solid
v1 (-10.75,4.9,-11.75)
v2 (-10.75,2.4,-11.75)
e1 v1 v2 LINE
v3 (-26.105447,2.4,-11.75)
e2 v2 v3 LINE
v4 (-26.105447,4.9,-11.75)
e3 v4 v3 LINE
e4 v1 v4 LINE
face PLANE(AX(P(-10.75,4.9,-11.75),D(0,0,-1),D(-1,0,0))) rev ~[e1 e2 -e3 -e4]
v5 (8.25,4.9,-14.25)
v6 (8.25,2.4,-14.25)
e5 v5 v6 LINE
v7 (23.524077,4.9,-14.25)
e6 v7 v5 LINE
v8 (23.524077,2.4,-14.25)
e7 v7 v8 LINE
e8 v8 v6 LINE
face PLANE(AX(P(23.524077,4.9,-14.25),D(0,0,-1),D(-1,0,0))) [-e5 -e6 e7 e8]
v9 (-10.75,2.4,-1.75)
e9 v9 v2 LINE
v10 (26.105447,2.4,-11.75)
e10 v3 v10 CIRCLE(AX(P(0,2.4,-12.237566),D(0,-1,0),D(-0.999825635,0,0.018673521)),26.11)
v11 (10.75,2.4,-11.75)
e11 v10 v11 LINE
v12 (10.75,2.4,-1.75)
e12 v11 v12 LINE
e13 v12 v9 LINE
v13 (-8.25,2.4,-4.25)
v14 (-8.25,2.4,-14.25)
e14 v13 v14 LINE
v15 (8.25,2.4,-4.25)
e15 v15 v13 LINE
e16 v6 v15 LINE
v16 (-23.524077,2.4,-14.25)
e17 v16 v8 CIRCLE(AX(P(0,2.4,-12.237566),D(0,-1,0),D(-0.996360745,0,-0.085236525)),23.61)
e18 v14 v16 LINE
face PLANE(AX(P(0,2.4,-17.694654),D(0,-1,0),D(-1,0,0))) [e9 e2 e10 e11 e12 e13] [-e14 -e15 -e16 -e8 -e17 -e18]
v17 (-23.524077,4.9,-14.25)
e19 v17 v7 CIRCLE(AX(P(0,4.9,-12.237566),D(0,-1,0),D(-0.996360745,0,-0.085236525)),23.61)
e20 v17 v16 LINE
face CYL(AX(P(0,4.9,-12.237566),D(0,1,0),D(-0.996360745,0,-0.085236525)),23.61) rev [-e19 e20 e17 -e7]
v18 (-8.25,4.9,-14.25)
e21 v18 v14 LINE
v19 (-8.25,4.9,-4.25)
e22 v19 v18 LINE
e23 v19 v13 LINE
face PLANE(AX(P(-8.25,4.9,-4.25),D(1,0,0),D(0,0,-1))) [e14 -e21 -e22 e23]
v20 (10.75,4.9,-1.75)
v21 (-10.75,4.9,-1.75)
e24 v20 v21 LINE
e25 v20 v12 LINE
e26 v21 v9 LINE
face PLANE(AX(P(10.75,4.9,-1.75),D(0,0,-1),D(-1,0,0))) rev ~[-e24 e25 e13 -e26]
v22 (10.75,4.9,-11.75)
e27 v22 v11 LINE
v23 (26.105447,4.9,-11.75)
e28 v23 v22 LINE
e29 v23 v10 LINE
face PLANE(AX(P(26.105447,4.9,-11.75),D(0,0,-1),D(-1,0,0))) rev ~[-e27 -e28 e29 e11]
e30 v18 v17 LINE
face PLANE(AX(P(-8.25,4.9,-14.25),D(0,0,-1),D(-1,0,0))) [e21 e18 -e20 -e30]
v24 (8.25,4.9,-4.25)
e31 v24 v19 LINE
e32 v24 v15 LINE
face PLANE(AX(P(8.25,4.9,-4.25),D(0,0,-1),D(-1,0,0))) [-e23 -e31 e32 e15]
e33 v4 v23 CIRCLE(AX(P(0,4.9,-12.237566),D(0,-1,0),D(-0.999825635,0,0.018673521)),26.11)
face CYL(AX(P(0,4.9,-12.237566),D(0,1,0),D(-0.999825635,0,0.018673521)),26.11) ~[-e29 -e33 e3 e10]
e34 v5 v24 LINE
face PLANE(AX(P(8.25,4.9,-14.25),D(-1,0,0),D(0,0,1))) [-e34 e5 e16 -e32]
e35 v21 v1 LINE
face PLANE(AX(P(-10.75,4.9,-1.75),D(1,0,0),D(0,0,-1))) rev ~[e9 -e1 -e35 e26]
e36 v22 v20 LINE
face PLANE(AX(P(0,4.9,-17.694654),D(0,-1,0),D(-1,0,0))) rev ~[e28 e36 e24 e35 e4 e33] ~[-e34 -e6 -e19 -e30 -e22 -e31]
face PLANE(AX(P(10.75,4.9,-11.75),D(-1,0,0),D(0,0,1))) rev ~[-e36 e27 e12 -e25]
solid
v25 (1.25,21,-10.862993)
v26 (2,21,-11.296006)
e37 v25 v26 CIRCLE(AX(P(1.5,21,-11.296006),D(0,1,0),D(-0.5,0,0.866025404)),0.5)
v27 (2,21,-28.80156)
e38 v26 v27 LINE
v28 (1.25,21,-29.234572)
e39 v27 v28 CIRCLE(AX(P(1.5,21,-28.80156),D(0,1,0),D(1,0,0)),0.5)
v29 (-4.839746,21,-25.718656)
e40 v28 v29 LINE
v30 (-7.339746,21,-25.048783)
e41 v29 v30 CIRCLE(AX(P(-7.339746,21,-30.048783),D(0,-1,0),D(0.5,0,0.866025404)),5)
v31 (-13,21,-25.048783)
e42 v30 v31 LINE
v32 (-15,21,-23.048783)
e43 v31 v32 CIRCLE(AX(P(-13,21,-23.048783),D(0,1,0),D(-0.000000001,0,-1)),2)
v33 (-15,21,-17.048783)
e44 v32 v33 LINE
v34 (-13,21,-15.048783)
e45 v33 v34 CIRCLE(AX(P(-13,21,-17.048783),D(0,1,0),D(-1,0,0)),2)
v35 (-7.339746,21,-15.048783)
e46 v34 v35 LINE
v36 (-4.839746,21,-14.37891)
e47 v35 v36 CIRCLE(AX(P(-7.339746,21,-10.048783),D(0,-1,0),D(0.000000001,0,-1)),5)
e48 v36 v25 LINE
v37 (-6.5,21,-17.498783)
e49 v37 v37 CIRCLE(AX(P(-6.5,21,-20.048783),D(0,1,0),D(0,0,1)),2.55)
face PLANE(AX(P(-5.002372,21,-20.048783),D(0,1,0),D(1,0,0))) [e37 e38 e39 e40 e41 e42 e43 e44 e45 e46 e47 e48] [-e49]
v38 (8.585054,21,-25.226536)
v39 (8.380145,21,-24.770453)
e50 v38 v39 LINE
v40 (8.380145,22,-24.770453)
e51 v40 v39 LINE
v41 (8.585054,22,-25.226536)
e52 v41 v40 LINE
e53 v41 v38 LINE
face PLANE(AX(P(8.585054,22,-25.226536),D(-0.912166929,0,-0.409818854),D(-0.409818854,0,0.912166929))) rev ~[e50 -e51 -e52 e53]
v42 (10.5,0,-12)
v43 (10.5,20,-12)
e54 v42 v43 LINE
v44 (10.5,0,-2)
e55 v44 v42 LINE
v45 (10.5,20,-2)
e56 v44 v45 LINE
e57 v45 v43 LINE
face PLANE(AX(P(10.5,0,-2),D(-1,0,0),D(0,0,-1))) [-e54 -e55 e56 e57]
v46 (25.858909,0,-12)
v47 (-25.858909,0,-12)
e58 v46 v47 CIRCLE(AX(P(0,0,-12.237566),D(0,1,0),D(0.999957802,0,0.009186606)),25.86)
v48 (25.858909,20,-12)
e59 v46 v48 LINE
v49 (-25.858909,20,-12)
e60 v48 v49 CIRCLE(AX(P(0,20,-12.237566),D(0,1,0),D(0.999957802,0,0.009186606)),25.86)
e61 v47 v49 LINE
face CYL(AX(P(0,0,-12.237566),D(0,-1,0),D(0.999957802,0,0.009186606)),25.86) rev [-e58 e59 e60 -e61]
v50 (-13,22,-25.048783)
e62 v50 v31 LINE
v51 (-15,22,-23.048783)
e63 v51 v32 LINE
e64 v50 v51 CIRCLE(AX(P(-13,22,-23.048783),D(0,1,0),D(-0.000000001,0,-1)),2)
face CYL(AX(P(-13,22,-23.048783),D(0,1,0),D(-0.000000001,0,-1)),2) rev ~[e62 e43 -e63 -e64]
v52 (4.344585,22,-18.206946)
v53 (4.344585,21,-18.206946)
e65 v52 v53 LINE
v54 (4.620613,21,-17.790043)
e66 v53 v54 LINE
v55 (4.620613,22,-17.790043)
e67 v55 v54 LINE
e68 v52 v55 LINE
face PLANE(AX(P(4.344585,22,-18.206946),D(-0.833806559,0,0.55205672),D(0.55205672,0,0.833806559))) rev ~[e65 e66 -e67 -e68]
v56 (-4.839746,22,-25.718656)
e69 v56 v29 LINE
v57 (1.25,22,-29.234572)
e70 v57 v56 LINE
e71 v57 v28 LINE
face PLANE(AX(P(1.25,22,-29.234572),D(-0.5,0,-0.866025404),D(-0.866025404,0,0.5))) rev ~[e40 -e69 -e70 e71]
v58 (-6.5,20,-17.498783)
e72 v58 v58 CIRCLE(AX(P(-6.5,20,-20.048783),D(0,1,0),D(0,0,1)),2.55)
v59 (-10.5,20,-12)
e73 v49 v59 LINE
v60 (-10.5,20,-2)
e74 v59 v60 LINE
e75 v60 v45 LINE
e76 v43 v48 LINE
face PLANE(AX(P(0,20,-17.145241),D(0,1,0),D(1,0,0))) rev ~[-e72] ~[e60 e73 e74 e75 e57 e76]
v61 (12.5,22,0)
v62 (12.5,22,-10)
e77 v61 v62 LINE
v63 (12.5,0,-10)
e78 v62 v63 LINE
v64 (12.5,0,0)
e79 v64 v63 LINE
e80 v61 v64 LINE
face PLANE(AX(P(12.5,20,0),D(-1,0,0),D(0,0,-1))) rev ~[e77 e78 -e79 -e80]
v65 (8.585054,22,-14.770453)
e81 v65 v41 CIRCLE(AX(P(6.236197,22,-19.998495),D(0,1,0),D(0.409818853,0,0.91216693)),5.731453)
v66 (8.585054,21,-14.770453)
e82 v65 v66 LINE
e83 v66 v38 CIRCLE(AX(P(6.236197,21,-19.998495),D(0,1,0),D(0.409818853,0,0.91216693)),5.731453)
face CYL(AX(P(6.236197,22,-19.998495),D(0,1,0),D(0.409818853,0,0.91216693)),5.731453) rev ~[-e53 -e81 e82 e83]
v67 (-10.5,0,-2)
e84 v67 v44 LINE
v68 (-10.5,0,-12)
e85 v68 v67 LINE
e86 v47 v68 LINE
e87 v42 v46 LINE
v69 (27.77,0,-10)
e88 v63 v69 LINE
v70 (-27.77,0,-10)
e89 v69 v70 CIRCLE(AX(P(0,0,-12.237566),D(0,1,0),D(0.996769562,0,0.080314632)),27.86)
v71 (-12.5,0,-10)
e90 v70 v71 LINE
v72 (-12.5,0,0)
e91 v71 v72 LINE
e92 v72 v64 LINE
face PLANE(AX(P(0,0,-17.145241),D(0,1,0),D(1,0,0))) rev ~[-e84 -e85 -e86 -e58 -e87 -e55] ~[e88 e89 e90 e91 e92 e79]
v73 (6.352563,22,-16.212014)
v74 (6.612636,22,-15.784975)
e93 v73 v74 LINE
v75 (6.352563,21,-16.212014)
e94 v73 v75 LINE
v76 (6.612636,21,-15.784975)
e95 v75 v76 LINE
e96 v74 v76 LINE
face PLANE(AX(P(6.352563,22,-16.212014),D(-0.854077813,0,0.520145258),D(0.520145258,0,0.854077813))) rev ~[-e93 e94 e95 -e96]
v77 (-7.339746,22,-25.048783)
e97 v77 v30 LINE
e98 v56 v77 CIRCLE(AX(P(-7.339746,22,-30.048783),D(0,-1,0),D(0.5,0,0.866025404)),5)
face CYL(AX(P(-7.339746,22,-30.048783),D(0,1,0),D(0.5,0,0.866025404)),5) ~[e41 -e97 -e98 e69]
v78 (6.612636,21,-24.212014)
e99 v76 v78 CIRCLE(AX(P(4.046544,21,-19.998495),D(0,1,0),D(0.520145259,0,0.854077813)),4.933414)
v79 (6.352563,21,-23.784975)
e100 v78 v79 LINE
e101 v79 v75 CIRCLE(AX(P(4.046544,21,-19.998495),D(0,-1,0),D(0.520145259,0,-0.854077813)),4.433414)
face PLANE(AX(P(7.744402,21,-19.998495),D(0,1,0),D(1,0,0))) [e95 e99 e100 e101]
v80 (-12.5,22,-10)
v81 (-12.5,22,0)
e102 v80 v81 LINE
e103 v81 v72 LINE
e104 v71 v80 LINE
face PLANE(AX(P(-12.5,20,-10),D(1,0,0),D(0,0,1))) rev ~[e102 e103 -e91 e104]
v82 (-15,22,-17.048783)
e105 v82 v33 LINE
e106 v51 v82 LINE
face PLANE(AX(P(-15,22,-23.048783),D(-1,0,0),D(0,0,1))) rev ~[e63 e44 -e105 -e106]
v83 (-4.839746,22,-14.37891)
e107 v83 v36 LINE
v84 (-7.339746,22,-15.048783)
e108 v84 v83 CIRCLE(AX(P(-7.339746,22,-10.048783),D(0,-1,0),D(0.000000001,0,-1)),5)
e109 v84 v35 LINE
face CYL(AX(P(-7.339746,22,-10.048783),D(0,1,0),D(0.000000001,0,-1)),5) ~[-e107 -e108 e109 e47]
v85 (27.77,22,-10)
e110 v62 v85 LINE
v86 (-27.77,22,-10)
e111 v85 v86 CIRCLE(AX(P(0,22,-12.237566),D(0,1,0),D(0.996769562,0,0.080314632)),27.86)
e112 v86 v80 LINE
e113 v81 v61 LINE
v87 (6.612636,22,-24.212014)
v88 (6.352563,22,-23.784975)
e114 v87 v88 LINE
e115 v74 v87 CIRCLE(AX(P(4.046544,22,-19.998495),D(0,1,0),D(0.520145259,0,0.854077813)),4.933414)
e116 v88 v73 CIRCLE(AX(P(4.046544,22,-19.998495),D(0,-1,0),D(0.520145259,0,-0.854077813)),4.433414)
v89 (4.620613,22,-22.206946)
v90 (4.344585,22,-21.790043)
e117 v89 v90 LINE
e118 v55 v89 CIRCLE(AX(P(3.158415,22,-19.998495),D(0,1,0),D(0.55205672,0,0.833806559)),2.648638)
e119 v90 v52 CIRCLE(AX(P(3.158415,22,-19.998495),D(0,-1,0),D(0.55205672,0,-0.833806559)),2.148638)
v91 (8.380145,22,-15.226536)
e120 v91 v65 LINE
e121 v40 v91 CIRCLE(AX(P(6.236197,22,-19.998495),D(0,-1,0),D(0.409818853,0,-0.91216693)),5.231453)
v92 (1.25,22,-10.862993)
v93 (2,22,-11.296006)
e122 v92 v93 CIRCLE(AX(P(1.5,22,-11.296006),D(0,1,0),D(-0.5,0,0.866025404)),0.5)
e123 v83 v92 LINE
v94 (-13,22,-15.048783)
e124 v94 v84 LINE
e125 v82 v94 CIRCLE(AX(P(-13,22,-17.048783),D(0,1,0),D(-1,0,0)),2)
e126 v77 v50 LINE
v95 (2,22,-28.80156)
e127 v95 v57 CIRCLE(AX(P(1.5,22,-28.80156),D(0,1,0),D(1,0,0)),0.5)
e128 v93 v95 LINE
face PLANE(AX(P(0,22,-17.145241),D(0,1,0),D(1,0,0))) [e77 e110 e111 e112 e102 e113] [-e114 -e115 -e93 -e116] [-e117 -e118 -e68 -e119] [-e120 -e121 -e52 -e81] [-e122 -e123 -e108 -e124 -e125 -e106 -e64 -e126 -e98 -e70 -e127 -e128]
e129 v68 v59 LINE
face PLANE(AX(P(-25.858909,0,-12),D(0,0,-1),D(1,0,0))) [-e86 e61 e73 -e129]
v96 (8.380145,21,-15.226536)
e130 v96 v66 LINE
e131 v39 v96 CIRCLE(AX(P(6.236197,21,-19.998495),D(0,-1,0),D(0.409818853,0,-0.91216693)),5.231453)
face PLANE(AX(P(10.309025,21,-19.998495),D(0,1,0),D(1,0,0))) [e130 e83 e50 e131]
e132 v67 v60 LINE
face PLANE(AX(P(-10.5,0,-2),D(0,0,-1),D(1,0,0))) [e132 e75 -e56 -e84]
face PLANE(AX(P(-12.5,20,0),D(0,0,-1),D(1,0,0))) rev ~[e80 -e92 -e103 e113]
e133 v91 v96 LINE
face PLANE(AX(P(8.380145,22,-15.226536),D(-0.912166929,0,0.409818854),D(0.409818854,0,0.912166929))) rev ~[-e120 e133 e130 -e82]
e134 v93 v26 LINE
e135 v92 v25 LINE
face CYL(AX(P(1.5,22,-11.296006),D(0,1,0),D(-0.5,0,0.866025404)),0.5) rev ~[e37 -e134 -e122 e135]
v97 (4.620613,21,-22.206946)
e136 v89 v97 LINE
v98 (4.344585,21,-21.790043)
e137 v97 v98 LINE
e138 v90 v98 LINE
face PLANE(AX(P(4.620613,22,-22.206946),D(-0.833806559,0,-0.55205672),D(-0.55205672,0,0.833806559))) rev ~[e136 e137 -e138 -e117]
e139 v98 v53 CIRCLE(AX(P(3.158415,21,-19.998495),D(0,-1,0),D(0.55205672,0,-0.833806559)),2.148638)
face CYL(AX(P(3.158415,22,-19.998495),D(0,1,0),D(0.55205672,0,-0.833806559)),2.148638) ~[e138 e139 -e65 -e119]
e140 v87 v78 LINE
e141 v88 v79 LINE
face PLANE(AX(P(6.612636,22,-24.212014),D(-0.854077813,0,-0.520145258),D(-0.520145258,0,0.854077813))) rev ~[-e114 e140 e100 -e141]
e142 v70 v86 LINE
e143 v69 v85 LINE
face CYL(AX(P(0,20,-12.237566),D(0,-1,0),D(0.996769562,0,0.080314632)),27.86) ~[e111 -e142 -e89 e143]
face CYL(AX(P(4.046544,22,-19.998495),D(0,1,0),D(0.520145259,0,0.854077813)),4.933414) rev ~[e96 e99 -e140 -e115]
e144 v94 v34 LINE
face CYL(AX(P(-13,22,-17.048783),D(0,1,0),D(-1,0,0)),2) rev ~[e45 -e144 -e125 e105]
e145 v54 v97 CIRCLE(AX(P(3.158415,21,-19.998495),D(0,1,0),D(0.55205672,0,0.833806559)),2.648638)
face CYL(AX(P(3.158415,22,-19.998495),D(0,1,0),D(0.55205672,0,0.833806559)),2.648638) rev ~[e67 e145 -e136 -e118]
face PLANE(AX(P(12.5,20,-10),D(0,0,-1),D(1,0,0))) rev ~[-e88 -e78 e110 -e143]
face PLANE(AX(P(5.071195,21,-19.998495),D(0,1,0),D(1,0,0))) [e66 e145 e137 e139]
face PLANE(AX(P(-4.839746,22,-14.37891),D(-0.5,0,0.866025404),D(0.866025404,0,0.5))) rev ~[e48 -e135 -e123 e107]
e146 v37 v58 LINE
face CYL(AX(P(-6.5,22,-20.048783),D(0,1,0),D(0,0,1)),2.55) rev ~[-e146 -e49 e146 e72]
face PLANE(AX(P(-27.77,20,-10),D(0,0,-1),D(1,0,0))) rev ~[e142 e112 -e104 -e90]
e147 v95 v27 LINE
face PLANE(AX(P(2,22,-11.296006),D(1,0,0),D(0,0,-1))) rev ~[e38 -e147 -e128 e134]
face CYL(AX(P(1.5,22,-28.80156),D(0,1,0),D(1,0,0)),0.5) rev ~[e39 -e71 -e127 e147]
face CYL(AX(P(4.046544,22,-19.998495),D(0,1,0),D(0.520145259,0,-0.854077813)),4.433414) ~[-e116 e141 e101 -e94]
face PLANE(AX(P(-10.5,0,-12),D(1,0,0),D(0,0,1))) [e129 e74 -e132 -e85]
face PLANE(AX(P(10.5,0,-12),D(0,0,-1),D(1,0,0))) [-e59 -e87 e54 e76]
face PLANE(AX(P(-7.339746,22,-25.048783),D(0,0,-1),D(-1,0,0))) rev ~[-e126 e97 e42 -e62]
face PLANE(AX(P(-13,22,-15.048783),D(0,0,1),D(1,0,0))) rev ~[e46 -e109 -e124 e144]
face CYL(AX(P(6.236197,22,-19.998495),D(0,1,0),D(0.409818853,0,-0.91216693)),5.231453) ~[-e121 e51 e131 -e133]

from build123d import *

# Parameters (mm, degrees)
EXTRUIR_L_MINA1_DEPTH        = 20
SALIENTE_EXTRUIR1_DEPTH      = 2
CORTAR_EXTRUIR1_DEPTH        = 1
CORTAR_EXTRUIR_L_MINA2_DEPTH = 1
CROQUIS7_R                   = 2.55
CORTAR_EXTRUIR2_DEPTH        = 11
EXTRUIR_L_MINA2_DEPTH        = 2.5


with BuildPart() as part:
    # Croquis1 → Extruir-Lámina1 (new body)
    with BuildSketch(Plane(origin=(0, 0, 0), x_dir=(1, 0, 0), z_dir=(0, 1, 0))):
        with BuildLine():
            Line((-27.77, 10), (-12.5, 10))
            Line((-12.5, 10), (-12.5, 0))
            Line((-12.5, 0), (12.5, 0))
            Line((12.5, 0), (12.5, 10))
            Line((12.5, 10), (27.77, 10))
            ThreePointArc((27.77, 10), (0, 40.097565641), (-27.77, 10))
        make_face()
        with BuildLine():
            Line((-25.858908766, 12), (-10.5, 12))
            Line((-10.5, 12), (-10.5, 2))
            Line((-10.5, 2), (10.5, 2))
            Line((10.5, 2), (10.5, 12))
            Line((10.5, 12), (25.858908766, 12))
            ThreePointArc((25.858908766, 12), (0, 38.097565641), (-25.858908766, 12))
        make_face(mode=Mode.SUBTRACT)
    extrude(amount=EXTRUIR_L_MINA1_DEPTH)

    # Croquis2 → Saliente-Extruir1 (add)
    with BuildSketch(Plane(origin=(0, 20, 0), x_dir=(1, 0, 0), z_dir=(0, 1, 0))):
        with BuildLine():
            Line((12.5, 10), (27.77, 10))
            ThreePointArc((27.77, 10), (0, 40.097565641), (-27.77, 10))
            Line((-27.77, 10), (-12.5, 10))
            Line((-12.5, 10), (-12.5, 0))
            Line((-12.5, 0), (12.5, 0))
            Line((12.5, 0), (12.5, 10))
        make_face()
    extrude(amount=SALIENTE_EXTRUIR1_DEPTH)

    # Croquis3 → Cortar-Extruir1 (cut)
    with BuildSketch(Plane(origin=(0, 22, 0), x_dir=(1, 0, 0), z_dir=(0, 1, 0))):
        with BuildLine():
            Line((-15, 23.048782821), (-15, 17.048782821))
            ThreePointArc((-15, 17.048782821), (-14.414213562, 15.634569258), (-13, 15.048782821))
            Line((-13, 15.048782821), (-7.339745962, 15.048782821))
            ThreePointArc((-7.339745962, 15.048782821), (-6.045650737, 14.878411952), (-4.839745962, 14.37890984))
            Line((-4.839745962, 14.37890984), (1.25, 10.862993369))
            ThreePointArc((1.25, 10.862993369), (1.75, 10.862993369), (2, 11.296006071))
            Line((2, 11.296006071), (2, 28.80155957))
            ThreePointArc((2, 28.80155957), (1.75, 29.234572272), (1.25, 29.234572272))
            Line((1.25, 29.234572272), (-4.839745962, 25.718655802))
            ThreePointArc((-4.839745962, 25.718655802), (-6.045650737, 25.219153689), (-7.339745962, 25.048782821))
            Line((-7.339745962, 25.048782821), (-13, 25.048782821))
            ThreePointArc((-13, 25.048782821), (-14.414213562, 24.462996383), (-15, 23.048782821))
        make_face()
    extrude(amount=-CORTAR_EXTRUIR1_DEPTH, mode=Mode.SUBTRACT)

    # Croquis4 → Cortar-Extruir-Lámina2 (cut)
    with BuildSketch(Plane(origin=(0, 22, 0), x_dir=(1, 0, 0), z_dir=(0, 1, 0))):
        with BuildLine():
            ThreePointArc((4.344585076, 21.79004299), (5.307052977, 19.99849463), (4.344585076, 18.206946269))
            Line((4.344585076, 18.206946269), (4.620613436, 17.79004299))
            ThreePointArc((4.620613436, 17.79004299), (5.807052977, 19.99849463), (4.620613436, 22.206946269))
            Line((4.620613436, 22.206946269), (4.344585076, 21.79004299))
        make_face()
        with BuildLine():
            ThreePointArc((6.352562942, 23.784975176), (8.479957679, 19.99849463), (6.352562942, 16.212014083))
            Line((6.352562942, 16.212014083), (6.612635571, 15.784975176))
            ThreePointArc((6.612635571, 15.784975176), (8.979957679, 19.99849463), (6.612635571, 24.212014083))
            Line((6.612635571, 24.212014083), (6.352562942, 23.784975176))
        make_face()
        with BuildLine():
            ThreePointArc((8.380144543, 24.770452897), (11.467649375, 19.99849463), (8.380144543, 15.226536362))
            Line((8.380144543, 15.226536362), (8.58505397, 14.770452897))
            ThreePointArc((8.58505397, 14.770452897), (11.967649375, 19.99849463), (8.58505397, 25.226536362))
            Line((8.58505397, 25.226536362), (8.380144543, 24.770452897))
        make_face()
    extrude(amount=-CORTAR_EXTRUIR_L_MINA2_DEPTH, mode=Mode.SUBTRACT)

    # Croquis7 → Cortar-Extruir2 (cut)
    with BuildSketch(Plane(origin=(0, 22, 0), x_dir=(1, 0, 0), z_dir=(0, 1, 0))):
        with Locations(Location((-6.5, 20.048782821, 0), (0, 0, 270))):
            Circle(CROQUIS7_R)
    extrude(amount=-CORTAR_EXTRUIR2_DEPTH, mode=Mode.SUBTRACT)


with BuildPart() as body_2:
    # Croquis9 → Extruir-Lámina2 (new body)
    with BuildSketch(Plane(origin=(0, 4.9, 0), x_dir=(-1, 0, 0), z_dir=(0, -1, 0))):
        with BuildLine():
            Line((-26.105447319, 11.75), (-10.75, 11.75))
            Line((-10.75, 11.75), (-10.75, 1.75))
            Line((-10.75, 1.75), (10.75, 1.75))
            Line((10.75, 1.75), (10.75, 11.75))
            Line((10.75, 11.75), (26.105447319, 11.75))
            ThreePointArc((26.105447319, 11.75), (0, 38.347565641), (-26.105447319, 11.75))
        make_face()
        with BuildLine():
            Line((-23.524077197, 14.25), (-8.25, 14.25))
            Line((-8.25, 14.25), (-8.25, 4.25))
            Line((-8.25, 4.25), (8.25, 4.25))
            Line((8.25, 4.25), (8.25, 14.25))
            Line((8.25, 14.25), (23.524077197, 14.25))
            ThreePointArc((23.524077197, 14.25), (0, 35.847565641), (-23.524077197, 14.25))
        make_face(mode=Mode.SUBTRACT)
    extrude(amount=EXTRUIR_L_MINA2_DEPTH)


solid = Compound([part.part, body_2.part])
